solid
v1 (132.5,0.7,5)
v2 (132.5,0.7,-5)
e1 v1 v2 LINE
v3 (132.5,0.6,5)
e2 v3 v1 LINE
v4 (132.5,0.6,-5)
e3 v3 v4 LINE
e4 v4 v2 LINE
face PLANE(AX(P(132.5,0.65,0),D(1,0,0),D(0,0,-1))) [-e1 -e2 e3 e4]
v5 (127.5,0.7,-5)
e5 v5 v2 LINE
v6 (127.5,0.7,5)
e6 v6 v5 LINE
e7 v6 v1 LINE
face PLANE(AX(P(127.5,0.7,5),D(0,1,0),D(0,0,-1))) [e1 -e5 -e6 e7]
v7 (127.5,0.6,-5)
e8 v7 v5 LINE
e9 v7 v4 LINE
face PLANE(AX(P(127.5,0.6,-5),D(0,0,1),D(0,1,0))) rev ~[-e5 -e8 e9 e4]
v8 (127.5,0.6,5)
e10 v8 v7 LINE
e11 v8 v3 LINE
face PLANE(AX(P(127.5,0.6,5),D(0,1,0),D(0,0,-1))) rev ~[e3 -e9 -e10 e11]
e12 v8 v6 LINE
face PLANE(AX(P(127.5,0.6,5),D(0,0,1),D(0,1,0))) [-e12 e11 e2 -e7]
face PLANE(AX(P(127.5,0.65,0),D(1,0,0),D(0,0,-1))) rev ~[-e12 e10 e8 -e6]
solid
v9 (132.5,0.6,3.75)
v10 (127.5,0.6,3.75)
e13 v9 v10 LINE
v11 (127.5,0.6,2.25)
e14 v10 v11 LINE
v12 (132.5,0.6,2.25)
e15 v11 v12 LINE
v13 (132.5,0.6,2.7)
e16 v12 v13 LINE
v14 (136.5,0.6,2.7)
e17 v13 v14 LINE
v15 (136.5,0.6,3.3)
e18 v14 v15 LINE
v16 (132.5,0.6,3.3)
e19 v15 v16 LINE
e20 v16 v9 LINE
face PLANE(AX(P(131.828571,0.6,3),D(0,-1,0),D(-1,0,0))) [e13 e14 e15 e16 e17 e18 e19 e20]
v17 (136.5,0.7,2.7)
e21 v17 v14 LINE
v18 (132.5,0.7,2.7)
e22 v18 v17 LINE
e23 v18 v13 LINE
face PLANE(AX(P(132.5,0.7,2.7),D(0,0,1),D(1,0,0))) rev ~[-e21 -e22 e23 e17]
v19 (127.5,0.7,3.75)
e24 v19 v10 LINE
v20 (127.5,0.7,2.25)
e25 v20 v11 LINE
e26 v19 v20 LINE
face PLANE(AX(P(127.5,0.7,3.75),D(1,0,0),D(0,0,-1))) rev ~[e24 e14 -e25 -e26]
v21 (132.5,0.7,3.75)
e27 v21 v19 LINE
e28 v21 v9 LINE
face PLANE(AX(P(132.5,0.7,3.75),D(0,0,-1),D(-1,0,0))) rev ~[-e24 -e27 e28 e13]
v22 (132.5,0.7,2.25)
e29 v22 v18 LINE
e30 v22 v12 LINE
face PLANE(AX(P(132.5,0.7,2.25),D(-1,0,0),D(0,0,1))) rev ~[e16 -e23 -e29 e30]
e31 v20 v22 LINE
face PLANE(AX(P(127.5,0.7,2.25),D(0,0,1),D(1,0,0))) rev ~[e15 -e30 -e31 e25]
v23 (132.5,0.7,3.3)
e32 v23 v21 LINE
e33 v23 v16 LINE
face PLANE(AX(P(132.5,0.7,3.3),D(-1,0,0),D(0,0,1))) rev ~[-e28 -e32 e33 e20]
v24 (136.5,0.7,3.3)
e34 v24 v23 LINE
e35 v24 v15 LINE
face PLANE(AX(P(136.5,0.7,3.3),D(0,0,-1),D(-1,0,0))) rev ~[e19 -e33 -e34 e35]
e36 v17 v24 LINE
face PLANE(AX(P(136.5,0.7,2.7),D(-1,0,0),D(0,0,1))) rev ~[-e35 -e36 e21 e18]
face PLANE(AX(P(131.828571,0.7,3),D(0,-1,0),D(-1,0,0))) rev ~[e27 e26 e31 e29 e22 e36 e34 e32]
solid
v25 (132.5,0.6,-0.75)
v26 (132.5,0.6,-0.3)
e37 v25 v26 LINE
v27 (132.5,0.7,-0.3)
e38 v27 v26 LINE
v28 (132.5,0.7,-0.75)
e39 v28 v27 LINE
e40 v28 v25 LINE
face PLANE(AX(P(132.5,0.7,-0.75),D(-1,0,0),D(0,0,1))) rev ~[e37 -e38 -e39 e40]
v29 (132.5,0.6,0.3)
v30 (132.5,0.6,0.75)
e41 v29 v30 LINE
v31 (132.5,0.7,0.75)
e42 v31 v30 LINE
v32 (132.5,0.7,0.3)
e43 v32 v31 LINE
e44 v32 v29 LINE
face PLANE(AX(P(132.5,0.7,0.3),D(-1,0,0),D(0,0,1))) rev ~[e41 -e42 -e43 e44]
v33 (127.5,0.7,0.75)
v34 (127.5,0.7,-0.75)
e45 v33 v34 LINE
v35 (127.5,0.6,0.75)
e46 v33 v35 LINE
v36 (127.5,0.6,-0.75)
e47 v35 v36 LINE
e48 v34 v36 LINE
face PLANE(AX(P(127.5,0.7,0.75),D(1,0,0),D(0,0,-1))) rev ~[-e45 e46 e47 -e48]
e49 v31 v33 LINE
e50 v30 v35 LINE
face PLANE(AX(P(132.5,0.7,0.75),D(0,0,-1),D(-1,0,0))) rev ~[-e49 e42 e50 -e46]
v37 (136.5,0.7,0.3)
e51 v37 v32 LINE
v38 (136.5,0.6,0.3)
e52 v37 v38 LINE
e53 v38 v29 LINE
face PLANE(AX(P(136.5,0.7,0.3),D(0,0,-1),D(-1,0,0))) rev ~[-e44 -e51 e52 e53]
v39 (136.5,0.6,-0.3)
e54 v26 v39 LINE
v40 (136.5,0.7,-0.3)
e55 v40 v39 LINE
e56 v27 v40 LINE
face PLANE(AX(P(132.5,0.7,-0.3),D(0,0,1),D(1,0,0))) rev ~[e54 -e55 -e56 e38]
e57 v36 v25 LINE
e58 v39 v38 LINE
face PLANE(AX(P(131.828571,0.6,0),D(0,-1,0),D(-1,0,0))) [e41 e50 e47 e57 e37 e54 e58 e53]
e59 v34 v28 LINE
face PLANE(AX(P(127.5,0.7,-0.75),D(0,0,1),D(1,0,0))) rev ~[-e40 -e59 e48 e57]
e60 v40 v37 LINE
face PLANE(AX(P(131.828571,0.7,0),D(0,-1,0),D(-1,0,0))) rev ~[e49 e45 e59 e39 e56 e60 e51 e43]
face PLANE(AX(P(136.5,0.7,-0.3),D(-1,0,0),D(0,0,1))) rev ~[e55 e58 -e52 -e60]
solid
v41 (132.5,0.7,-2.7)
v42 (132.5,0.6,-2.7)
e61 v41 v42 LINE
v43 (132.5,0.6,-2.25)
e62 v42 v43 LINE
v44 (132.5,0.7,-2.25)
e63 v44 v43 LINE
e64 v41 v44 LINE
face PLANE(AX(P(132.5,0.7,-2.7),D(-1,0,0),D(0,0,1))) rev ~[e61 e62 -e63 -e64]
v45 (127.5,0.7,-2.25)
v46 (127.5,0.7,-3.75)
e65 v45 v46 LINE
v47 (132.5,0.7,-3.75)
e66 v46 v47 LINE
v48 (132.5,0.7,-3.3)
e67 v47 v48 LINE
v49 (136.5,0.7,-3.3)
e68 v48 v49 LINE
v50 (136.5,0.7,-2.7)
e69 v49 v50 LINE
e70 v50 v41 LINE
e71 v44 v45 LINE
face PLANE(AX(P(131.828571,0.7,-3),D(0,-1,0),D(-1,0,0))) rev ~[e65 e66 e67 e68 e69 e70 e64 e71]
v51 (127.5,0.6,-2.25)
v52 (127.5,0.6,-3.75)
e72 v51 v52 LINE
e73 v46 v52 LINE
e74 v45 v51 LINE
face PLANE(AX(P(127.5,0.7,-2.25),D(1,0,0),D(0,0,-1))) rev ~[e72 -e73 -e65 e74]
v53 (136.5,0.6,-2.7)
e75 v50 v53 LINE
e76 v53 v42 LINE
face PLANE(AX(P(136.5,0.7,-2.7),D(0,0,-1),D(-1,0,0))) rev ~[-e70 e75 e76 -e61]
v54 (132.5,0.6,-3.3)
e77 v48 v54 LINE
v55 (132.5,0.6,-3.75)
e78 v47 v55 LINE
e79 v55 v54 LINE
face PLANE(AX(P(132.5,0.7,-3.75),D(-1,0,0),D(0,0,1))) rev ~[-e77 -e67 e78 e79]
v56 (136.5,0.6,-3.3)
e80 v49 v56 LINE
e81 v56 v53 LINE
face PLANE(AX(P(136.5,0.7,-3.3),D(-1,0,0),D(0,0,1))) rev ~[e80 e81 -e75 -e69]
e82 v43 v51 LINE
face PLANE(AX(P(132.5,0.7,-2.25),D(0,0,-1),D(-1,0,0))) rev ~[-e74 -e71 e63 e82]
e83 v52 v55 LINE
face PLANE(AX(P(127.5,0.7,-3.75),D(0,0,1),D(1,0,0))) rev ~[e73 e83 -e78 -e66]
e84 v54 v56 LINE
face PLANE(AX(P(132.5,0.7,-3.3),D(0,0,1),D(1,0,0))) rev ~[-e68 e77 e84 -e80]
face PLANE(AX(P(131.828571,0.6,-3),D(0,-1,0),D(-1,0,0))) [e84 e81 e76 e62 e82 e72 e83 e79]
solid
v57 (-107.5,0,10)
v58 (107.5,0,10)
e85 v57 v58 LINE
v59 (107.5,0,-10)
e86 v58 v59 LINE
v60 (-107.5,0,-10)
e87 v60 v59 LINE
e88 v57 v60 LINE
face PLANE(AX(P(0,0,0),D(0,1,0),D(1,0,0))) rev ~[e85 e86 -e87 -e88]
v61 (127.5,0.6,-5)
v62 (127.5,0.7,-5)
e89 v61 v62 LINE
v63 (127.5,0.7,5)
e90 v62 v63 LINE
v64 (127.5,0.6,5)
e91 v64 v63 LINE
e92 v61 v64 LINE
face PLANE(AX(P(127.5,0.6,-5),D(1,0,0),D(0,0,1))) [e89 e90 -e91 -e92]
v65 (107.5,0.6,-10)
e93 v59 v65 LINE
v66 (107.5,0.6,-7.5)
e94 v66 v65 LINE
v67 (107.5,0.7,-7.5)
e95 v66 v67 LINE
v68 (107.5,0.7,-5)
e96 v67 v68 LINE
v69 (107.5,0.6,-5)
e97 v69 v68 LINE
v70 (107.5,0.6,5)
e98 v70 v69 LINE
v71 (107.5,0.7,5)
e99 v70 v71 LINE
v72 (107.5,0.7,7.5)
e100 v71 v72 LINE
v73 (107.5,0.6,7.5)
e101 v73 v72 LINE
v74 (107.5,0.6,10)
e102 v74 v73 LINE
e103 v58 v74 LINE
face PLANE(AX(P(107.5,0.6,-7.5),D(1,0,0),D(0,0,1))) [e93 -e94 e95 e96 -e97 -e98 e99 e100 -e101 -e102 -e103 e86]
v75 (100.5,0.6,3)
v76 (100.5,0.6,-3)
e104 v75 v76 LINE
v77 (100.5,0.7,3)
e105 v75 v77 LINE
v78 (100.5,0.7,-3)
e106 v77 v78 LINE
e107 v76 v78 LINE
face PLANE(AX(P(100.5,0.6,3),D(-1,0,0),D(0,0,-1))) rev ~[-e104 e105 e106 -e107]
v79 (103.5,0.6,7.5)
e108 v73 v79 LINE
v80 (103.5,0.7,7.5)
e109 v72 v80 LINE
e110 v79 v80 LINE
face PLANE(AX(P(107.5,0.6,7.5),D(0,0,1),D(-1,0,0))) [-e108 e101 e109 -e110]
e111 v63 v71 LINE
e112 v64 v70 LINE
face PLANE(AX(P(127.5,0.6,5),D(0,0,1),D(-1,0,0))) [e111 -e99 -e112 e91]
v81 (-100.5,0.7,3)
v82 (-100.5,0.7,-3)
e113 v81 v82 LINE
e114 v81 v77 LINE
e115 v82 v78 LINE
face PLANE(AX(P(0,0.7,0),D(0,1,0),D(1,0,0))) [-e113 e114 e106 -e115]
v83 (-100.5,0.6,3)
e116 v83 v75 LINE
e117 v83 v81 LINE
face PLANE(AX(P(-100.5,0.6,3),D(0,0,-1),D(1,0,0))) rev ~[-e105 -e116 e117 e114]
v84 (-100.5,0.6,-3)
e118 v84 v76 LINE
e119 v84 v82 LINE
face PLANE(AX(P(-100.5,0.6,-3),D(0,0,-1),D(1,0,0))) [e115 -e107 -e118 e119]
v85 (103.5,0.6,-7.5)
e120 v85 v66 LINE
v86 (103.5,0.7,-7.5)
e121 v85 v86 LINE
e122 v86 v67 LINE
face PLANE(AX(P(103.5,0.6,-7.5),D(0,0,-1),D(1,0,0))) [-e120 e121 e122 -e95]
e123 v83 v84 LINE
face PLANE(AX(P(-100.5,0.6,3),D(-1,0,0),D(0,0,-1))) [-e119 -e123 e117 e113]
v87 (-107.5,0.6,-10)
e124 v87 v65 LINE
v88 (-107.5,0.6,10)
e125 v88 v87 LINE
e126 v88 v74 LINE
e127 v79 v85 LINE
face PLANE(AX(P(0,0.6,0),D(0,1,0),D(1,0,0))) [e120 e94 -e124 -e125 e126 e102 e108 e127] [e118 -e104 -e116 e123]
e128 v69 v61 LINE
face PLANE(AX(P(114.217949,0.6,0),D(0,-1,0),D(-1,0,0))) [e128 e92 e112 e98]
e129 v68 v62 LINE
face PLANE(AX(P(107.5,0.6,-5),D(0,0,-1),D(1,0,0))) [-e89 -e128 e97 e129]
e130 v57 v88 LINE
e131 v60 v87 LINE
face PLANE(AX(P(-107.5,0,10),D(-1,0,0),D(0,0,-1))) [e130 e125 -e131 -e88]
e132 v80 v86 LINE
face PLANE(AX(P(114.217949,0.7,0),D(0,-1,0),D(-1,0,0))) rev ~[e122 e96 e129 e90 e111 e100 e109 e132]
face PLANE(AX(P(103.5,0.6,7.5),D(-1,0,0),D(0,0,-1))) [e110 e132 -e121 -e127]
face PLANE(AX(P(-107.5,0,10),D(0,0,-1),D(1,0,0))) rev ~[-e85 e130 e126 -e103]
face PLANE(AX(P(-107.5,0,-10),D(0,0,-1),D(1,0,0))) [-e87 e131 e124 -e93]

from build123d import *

# Parameters (mm, degrees)
MAIN_BODY_W           = 215
MAIN_BODY_H           = 20
BOSS_EXTRUDE1_DEPTH   = 0.6
SKETCH2_W             = 201
SKETCH2_H             = 6
BOSS_EXTRUDE2_DEPTH   = 0.1
BOSS_EXTRUDE3_DEPTH   = 0.1
SKETCH4_W             = 10
SKETCH4_H             = 0.1
BOSS_EXTRUDE4_DEPTH   = 5
BOSS_EXTRUDE5_DEPTH   = 0.1
BOSS_EXTRUDE5_2_DEPTH = 0.1
BOSS_EXTRUDE5_3_DEPTH = 0.1


with BuildPart() as part:
    # main_body → Boss-Extrude1 (new body)
    with BuildSketch(Plane(origin=(0, 0, 0), x_dir=(1, 0, 0), z_dir=(0, 1, 0))):
        Rectangle(MAIN_BODY_W, MAIN_BODY_H)
    extrude(amount=BOSS_EXTRUDE1_DEPTH)

    # Sketch2 → Boss-Extrude2 (add)
    with BuildSketch(Plane(origin=(0, 0.6, 0), x_dir=(1, 0, 0), z_dir=(0, 1, 0))):
        Rectangle(SKETCH2_W, SKETCH2_H)
    extrude(amount=BOSS_EXTRUDE2_DEPTH)

    # Sketch3 → Boss-Extrude3 (add)
    with BuildSketch(Plane(origin=(0, 0.6, 0), x_dir=(1, 0, 0), z_dir=(0, 1, 0))):
        Polygon((107.5, 5), (127.5, 5), (127.5, -5), (107.5, -5), (107.5, -7.5), (103.5, -7.5), (103.5, 7.5), (107.5, 7.5), align=None)
    extrude(amount=BOSS_EXTRUDE3_DEPTH)


with BuildPart() as body_2:
    # Sketch4 → Boss-Extrude4 (new body)
    with BuildSketch(Plane(origin=(127.5, 0, 0), x_dir=(0, 0, -1), z_dir=(1, 0, 0))):
        with Locations((0, 0.65)):
            Rectangle(SKETCH4_W, SKETCH4_H)
    extrude(amount=BOSS_EXTRUDE4_DEPTH)


with BuildPart() as body_3:
    # Sketch5 → Boss-Extrude5 (new body)
    with BuildSketch(Plane(origin=(0, 0.7, 0), x_dir=(1, 0, 0), z_dir=(0, 1, 0))):
        Polygon((127.5, 3.75), (132.5, 3.75), (132.5, 3.3), (136.5, 3.3), (136.5, 2.7), (132.5, 2.7), (132.5, 2.25), (127.5, 2.25), align=None)
    extrude(amount=-BOSS_EXTRUDE5_DEPTH)


with BuildPart() as body_4:
    # Sketch5 → Boss-Extrude5 2 (new body)
    with BuildSketch(Plane(origin=(0, 0.7, 0), x_dir=(1, 0, 0), z_dir=(0, 1, 0))):
        Polygon((127.5, 0.75), (132.5, 0.75), (132.5, 0.3), (136.5, 0.3), (136.5, -0.3), (132.5, -0.3), (132.5, -0.75), (127.5, -0.75), align=None)
    extrude(amount=-BOSS_EXTRUDE5_2_DEPTH)


with BuildPart() as body_5:
    # Sketch5 → Boss-Extrude5 3 (new body)
    with BuildSketch(Plane(origin=(0, 0.7, 0), x_dir=(1, 0, 0), z_dir=(0, 1, 0))):
        Polygon((127.5, -2.25), (132.5, -2.25), (132.5, -2.7), (136.5, -2.7), (136.5, -3.3), (132.5, -3.3), (132.5, -3.75), (127.5, -3.75), align=None)
    extrude(amount=-BOSS_EXTRUDE5_3_DEPTH)


solid = Compound([part.part, body_2.part, body_3.part, body_4.part, body_5.part])
